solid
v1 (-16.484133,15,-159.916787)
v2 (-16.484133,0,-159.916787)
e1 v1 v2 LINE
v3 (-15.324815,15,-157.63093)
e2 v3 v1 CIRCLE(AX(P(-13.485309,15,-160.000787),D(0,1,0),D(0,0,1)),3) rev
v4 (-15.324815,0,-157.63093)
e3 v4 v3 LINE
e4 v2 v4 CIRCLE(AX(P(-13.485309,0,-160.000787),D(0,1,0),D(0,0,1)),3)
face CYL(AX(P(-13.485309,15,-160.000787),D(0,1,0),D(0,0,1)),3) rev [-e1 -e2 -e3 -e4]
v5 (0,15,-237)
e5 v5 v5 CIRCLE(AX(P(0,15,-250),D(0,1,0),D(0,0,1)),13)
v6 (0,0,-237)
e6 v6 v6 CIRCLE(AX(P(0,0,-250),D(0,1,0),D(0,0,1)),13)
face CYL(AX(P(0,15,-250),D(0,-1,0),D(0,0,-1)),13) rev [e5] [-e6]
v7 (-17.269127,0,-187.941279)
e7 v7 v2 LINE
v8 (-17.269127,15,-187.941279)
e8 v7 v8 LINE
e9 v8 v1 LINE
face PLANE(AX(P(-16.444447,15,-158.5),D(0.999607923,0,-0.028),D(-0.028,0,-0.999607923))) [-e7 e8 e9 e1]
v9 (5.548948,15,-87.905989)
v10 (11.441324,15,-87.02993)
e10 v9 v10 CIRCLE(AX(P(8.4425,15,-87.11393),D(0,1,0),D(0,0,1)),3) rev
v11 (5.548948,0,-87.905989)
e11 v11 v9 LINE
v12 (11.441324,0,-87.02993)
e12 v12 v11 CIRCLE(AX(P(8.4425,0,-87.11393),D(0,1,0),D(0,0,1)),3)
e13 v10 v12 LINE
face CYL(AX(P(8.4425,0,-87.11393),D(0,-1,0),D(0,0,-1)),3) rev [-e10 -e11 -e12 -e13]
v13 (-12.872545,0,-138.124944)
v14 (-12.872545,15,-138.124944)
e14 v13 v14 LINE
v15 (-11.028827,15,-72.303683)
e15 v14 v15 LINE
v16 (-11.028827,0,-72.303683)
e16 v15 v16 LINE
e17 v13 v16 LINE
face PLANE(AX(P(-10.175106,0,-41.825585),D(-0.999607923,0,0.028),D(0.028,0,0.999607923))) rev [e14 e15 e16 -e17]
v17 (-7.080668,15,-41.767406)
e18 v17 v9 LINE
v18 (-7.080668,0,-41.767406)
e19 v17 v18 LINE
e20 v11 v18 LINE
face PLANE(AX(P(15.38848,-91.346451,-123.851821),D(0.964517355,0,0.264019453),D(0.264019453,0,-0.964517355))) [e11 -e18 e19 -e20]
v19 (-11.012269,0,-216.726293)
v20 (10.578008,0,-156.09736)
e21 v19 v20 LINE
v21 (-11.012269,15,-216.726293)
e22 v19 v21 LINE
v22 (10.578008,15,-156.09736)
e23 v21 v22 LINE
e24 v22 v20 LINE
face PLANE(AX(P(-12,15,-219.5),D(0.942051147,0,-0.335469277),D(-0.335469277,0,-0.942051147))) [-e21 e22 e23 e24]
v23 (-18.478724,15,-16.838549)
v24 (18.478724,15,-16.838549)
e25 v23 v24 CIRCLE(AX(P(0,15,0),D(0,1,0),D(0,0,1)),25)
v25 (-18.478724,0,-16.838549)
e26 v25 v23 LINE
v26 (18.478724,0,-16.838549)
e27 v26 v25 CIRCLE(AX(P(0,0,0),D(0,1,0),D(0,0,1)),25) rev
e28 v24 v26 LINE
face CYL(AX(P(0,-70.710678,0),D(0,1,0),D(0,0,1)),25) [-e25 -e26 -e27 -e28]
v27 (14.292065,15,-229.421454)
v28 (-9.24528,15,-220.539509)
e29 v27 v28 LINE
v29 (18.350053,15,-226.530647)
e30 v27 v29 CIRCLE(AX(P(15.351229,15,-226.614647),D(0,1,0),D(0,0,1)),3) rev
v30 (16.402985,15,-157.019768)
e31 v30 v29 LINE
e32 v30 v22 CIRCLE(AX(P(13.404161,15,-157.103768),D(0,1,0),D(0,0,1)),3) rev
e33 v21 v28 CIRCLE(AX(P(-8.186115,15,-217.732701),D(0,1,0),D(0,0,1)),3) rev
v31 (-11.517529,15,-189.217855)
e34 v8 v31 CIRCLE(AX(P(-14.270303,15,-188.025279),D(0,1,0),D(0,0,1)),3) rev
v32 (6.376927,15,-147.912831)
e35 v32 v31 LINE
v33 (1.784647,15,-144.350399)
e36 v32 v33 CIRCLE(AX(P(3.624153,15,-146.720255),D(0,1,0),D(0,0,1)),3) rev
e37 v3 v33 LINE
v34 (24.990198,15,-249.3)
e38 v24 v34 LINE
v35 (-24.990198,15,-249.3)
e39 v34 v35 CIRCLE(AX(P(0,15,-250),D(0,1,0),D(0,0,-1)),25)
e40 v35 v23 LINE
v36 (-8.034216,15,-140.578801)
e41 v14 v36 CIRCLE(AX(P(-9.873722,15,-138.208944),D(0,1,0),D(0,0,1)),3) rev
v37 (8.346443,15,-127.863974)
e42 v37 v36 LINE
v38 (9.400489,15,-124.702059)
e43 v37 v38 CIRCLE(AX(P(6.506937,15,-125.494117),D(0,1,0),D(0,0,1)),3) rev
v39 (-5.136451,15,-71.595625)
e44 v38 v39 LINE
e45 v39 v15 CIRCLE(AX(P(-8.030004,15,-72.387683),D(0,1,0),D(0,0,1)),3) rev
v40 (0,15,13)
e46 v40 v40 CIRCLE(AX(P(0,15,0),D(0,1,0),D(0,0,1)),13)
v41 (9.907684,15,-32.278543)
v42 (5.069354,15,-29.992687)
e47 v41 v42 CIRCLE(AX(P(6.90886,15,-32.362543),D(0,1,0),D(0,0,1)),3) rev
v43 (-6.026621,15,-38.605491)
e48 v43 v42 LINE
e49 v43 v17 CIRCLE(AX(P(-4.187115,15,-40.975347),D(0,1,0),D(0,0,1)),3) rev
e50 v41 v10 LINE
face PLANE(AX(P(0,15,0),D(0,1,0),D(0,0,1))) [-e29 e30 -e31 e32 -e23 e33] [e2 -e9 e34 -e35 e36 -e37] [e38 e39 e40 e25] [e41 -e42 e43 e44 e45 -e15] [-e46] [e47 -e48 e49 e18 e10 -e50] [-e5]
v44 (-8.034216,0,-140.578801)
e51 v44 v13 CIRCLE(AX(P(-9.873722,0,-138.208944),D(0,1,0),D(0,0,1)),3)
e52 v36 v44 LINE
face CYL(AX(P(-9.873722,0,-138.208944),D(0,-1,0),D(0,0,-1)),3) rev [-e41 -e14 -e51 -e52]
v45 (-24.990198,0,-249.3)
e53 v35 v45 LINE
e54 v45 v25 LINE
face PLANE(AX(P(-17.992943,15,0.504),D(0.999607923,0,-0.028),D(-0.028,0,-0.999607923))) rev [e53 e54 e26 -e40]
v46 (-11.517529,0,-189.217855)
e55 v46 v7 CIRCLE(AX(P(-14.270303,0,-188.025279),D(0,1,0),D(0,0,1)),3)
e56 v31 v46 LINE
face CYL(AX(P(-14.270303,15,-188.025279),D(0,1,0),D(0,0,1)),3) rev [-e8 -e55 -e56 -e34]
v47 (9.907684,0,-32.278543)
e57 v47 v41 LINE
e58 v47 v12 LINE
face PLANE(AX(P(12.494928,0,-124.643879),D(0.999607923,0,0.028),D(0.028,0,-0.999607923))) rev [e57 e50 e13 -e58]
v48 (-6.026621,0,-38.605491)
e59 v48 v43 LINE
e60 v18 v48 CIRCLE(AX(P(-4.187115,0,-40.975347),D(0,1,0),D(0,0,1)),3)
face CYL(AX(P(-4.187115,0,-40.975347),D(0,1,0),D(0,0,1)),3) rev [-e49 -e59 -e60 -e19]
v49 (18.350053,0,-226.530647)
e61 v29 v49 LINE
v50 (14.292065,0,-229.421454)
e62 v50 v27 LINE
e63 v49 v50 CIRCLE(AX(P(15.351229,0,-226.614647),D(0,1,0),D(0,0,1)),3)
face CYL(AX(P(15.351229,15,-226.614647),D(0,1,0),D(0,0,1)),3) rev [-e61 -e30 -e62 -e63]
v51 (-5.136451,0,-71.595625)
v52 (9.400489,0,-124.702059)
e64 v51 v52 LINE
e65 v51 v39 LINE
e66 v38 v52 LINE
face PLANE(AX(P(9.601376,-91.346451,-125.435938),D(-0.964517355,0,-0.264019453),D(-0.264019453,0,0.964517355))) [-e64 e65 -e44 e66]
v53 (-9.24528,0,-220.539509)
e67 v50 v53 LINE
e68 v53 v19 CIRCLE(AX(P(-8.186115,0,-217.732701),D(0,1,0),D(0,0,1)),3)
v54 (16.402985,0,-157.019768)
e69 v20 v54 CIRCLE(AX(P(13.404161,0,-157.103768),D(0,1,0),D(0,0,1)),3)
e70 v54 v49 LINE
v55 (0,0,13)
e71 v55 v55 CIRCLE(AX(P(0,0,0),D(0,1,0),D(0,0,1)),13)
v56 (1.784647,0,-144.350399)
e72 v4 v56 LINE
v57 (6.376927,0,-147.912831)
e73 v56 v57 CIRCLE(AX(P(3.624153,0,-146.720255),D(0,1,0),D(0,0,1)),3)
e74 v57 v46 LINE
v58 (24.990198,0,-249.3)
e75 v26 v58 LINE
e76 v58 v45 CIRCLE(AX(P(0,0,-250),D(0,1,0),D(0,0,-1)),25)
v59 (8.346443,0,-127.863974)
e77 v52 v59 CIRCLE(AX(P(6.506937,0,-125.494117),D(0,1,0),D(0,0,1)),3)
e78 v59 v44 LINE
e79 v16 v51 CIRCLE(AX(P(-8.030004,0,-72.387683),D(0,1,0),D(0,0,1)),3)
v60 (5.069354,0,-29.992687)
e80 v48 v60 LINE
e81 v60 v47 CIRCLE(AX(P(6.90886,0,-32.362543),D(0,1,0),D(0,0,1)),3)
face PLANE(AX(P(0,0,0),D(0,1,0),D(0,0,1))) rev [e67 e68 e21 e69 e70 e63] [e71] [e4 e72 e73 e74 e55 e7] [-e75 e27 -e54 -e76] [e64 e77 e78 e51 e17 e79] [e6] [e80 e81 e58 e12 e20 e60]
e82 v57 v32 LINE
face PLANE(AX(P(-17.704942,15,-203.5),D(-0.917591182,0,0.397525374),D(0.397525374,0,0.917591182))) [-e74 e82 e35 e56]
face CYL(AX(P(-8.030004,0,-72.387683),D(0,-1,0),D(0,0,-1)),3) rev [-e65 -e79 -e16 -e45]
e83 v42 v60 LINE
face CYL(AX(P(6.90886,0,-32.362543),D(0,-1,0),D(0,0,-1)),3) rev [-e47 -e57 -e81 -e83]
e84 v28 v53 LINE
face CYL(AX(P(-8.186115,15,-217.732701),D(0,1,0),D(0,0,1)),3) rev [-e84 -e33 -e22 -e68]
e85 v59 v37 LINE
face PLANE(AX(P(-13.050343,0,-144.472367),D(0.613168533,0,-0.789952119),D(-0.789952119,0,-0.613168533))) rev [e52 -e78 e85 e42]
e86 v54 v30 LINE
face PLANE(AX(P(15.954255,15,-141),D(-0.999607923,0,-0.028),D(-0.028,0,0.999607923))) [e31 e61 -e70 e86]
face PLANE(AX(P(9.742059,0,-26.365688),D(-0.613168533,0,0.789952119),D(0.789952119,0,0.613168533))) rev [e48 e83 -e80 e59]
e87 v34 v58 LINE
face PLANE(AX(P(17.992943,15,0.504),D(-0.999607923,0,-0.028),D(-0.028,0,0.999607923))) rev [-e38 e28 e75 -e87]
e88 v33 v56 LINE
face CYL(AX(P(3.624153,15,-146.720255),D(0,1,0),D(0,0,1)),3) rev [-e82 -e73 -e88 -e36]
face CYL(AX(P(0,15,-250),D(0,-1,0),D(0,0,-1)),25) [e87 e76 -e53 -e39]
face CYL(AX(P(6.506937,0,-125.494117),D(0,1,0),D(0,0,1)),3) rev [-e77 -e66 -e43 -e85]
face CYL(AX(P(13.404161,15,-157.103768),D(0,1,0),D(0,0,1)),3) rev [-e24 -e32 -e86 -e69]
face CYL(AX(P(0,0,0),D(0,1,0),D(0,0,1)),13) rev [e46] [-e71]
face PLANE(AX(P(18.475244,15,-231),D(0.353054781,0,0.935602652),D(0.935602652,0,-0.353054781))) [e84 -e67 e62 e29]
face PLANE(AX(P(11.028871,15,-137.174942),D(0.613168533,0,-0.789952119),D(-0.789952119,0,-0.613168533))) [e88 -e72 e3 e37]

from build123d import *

# Parameters (mm, degrees)
SKETCH_1_R          = 5.05
SKETCH_1_R_2        = 13
EXTRUDE_1_DEPTH     = 15
FILLET_1_R          = 3
CUT_EXTRUDE_3_DEPTH = 277.54113618
FILLET_2_R          = 3
EXTRUDE_3_DEPTH     = 15
FILLET_4_R          = 3
SKETCH_8_R          = 13
CUT_EXTRUDE_5_DEPTH = 277.54113618
SKETCH_9_R          = 25
SKETCH_9_R_2        = 13
EXTRUDE_4_DEPTH     = 15


with BuildPart() as part:
    # 草图1 → 凸台-拉伸1 (new body)
    with BuildSketch(Plane(origin=(0, 0, 0), x_dir=(1, 0, 0), z_dir=(0, 1, 0))):
        with BuildLine():
            Line((-17.992942616, -0.504), (-24.990198078, 249.3))
            ThreePointArc((-24.990198078, 249.3), (0, 275), (24.990198078, 249.3))
            Line((24.990198078, 249.3), (17.992942616, -0.504))
            ThreePointArc((17.992942616, -0.504), (0, -18), (-17.992942616, -0.504))
        make_face()
        with Locations(Location((0, 0, 0), (0, 0, 270))):
            Circle(SKETCH_1_R, mode=Mode.SUBTRACT)
        with Locations(Location((0, 250, 0), (0, 0, 270))):
            Circle(SKETCH_1_R_2, mode=Mode.SUBTRACT)
        Polygon((-16.444447487, 158.5), (-17.704941698, 203.5), (11.028871219, 137.174942267), align=None, mode=Mode.SUBTRACT)
        Polygon((15.954255294, 141), (18.475243716, 231), (-12, 219.5), align=None, mode=Mode.SUBTRACT)
    extrude(amount=EXTRUDE_1_DEPTH)

    # 圆角1
    fillet_1_edges = [part.edges().sort_by_distance(p)[0] for p in [
        (-16.444447487, 7.5, -158.5),
        (11.028871219, 7.5, -137.174942267),
        (-17.704941698, 7.5, -203.5),
        (18.475243716, 7.5, -231),
        (-12, 7.5, -219.5),
        (15.954255294, 7.5, -141),
    ]]
    fillet(fillet_1_edges, radius=FILLET_1_R)

    # 草图4 → 切除-拉伸3 (cut, through all)
    with BuildSketch(Plane(origin=(0, 15, 0), x_dir=(1, 0, 0), z_dir=(0, 1, 0))):
        Polygon((-13.050343026, 144.472367448), (12.494927596, 124.643879429), (9.742058902, 26.365688077), (-10.175105816, 41.825585442), align=None)
    extrude(amount=-CUT_EXTRUDE_3_DEPTH, mode=Mode.SUBTRACT)

    # 圆角2
    fillet_2_edges = [part.edges().sort_by_distance(p)[0] for p in [
        (-10.175105816, 7.5, -41.825585442),
        (-13.050343026, 7.5, -144.472367448),
        (9.742058902, 7.5, -26.365688077),
    ]]
    fillet(fillet_2_edges, radius=FILLET_2_R)

    # 草图6 → 凸台-拉伸3 (add)
    with BuildSketch(Plane(origin=(0, 15, 0), x_dir=(1, 0, 0), z_dir=(0, 1, 0))):
        Polygon((9.60137553, 125.435937788), (-13.068657882, 42.617643801), (-7.609801347, 39.834371112), (-7.28155375, 41.033527083), (15.388479662, 123.85182107), (9.929623127, 126.635093759), align=None)
    extrude(amount=-EXTRUDE_3_DEPTH)

    # 圆角4
    fillet_4_edges = [part.edges().sort_by_distance(p)[0] for p in [
        (9.929623127, 7.5, -126.635093759),
        (12.14036175, 7.5, -111.985778385),
        (-7.609801347, 7.5, -39.834371112),
        (-10.463842583, 7.5, -52.133569747),
    ]]
    fillet(fillet_4_edges, radius=FILLET_4_R)

    # 草图8 → 切除-拉伸5 (cut, through all)
    with BuildSketch(Plane(origin=(0, 15, 0), x_dir=(1, 0, 0), z_dir=(0, 1, 0))):
        with Locations(Location((0, 0, 0), (0, 0, 270))):
            Circle(SKETCH_8_R)
    extrude(amount=-CUT_EXTRUDE_5_DEPTH, mode=Mode.SUBTRACT)

    # 草图9 → 凸台-拉伸4 (add)
    with BuildSketch(Plane(origin=(0, 15, 0), x_dir=(1, 0, 0), z_dir=(0, 1, 0))):
        Circle(SKETCH_9_R)
        with Locations(Location((0, 0, 0), (0, 0, 270))):
            Circle(SKETCH_9_R_2, mode=Mode.SUBTRACT)
    extrude(amount=-EXTRUDE_4_DEPTH)


solid = part.part
